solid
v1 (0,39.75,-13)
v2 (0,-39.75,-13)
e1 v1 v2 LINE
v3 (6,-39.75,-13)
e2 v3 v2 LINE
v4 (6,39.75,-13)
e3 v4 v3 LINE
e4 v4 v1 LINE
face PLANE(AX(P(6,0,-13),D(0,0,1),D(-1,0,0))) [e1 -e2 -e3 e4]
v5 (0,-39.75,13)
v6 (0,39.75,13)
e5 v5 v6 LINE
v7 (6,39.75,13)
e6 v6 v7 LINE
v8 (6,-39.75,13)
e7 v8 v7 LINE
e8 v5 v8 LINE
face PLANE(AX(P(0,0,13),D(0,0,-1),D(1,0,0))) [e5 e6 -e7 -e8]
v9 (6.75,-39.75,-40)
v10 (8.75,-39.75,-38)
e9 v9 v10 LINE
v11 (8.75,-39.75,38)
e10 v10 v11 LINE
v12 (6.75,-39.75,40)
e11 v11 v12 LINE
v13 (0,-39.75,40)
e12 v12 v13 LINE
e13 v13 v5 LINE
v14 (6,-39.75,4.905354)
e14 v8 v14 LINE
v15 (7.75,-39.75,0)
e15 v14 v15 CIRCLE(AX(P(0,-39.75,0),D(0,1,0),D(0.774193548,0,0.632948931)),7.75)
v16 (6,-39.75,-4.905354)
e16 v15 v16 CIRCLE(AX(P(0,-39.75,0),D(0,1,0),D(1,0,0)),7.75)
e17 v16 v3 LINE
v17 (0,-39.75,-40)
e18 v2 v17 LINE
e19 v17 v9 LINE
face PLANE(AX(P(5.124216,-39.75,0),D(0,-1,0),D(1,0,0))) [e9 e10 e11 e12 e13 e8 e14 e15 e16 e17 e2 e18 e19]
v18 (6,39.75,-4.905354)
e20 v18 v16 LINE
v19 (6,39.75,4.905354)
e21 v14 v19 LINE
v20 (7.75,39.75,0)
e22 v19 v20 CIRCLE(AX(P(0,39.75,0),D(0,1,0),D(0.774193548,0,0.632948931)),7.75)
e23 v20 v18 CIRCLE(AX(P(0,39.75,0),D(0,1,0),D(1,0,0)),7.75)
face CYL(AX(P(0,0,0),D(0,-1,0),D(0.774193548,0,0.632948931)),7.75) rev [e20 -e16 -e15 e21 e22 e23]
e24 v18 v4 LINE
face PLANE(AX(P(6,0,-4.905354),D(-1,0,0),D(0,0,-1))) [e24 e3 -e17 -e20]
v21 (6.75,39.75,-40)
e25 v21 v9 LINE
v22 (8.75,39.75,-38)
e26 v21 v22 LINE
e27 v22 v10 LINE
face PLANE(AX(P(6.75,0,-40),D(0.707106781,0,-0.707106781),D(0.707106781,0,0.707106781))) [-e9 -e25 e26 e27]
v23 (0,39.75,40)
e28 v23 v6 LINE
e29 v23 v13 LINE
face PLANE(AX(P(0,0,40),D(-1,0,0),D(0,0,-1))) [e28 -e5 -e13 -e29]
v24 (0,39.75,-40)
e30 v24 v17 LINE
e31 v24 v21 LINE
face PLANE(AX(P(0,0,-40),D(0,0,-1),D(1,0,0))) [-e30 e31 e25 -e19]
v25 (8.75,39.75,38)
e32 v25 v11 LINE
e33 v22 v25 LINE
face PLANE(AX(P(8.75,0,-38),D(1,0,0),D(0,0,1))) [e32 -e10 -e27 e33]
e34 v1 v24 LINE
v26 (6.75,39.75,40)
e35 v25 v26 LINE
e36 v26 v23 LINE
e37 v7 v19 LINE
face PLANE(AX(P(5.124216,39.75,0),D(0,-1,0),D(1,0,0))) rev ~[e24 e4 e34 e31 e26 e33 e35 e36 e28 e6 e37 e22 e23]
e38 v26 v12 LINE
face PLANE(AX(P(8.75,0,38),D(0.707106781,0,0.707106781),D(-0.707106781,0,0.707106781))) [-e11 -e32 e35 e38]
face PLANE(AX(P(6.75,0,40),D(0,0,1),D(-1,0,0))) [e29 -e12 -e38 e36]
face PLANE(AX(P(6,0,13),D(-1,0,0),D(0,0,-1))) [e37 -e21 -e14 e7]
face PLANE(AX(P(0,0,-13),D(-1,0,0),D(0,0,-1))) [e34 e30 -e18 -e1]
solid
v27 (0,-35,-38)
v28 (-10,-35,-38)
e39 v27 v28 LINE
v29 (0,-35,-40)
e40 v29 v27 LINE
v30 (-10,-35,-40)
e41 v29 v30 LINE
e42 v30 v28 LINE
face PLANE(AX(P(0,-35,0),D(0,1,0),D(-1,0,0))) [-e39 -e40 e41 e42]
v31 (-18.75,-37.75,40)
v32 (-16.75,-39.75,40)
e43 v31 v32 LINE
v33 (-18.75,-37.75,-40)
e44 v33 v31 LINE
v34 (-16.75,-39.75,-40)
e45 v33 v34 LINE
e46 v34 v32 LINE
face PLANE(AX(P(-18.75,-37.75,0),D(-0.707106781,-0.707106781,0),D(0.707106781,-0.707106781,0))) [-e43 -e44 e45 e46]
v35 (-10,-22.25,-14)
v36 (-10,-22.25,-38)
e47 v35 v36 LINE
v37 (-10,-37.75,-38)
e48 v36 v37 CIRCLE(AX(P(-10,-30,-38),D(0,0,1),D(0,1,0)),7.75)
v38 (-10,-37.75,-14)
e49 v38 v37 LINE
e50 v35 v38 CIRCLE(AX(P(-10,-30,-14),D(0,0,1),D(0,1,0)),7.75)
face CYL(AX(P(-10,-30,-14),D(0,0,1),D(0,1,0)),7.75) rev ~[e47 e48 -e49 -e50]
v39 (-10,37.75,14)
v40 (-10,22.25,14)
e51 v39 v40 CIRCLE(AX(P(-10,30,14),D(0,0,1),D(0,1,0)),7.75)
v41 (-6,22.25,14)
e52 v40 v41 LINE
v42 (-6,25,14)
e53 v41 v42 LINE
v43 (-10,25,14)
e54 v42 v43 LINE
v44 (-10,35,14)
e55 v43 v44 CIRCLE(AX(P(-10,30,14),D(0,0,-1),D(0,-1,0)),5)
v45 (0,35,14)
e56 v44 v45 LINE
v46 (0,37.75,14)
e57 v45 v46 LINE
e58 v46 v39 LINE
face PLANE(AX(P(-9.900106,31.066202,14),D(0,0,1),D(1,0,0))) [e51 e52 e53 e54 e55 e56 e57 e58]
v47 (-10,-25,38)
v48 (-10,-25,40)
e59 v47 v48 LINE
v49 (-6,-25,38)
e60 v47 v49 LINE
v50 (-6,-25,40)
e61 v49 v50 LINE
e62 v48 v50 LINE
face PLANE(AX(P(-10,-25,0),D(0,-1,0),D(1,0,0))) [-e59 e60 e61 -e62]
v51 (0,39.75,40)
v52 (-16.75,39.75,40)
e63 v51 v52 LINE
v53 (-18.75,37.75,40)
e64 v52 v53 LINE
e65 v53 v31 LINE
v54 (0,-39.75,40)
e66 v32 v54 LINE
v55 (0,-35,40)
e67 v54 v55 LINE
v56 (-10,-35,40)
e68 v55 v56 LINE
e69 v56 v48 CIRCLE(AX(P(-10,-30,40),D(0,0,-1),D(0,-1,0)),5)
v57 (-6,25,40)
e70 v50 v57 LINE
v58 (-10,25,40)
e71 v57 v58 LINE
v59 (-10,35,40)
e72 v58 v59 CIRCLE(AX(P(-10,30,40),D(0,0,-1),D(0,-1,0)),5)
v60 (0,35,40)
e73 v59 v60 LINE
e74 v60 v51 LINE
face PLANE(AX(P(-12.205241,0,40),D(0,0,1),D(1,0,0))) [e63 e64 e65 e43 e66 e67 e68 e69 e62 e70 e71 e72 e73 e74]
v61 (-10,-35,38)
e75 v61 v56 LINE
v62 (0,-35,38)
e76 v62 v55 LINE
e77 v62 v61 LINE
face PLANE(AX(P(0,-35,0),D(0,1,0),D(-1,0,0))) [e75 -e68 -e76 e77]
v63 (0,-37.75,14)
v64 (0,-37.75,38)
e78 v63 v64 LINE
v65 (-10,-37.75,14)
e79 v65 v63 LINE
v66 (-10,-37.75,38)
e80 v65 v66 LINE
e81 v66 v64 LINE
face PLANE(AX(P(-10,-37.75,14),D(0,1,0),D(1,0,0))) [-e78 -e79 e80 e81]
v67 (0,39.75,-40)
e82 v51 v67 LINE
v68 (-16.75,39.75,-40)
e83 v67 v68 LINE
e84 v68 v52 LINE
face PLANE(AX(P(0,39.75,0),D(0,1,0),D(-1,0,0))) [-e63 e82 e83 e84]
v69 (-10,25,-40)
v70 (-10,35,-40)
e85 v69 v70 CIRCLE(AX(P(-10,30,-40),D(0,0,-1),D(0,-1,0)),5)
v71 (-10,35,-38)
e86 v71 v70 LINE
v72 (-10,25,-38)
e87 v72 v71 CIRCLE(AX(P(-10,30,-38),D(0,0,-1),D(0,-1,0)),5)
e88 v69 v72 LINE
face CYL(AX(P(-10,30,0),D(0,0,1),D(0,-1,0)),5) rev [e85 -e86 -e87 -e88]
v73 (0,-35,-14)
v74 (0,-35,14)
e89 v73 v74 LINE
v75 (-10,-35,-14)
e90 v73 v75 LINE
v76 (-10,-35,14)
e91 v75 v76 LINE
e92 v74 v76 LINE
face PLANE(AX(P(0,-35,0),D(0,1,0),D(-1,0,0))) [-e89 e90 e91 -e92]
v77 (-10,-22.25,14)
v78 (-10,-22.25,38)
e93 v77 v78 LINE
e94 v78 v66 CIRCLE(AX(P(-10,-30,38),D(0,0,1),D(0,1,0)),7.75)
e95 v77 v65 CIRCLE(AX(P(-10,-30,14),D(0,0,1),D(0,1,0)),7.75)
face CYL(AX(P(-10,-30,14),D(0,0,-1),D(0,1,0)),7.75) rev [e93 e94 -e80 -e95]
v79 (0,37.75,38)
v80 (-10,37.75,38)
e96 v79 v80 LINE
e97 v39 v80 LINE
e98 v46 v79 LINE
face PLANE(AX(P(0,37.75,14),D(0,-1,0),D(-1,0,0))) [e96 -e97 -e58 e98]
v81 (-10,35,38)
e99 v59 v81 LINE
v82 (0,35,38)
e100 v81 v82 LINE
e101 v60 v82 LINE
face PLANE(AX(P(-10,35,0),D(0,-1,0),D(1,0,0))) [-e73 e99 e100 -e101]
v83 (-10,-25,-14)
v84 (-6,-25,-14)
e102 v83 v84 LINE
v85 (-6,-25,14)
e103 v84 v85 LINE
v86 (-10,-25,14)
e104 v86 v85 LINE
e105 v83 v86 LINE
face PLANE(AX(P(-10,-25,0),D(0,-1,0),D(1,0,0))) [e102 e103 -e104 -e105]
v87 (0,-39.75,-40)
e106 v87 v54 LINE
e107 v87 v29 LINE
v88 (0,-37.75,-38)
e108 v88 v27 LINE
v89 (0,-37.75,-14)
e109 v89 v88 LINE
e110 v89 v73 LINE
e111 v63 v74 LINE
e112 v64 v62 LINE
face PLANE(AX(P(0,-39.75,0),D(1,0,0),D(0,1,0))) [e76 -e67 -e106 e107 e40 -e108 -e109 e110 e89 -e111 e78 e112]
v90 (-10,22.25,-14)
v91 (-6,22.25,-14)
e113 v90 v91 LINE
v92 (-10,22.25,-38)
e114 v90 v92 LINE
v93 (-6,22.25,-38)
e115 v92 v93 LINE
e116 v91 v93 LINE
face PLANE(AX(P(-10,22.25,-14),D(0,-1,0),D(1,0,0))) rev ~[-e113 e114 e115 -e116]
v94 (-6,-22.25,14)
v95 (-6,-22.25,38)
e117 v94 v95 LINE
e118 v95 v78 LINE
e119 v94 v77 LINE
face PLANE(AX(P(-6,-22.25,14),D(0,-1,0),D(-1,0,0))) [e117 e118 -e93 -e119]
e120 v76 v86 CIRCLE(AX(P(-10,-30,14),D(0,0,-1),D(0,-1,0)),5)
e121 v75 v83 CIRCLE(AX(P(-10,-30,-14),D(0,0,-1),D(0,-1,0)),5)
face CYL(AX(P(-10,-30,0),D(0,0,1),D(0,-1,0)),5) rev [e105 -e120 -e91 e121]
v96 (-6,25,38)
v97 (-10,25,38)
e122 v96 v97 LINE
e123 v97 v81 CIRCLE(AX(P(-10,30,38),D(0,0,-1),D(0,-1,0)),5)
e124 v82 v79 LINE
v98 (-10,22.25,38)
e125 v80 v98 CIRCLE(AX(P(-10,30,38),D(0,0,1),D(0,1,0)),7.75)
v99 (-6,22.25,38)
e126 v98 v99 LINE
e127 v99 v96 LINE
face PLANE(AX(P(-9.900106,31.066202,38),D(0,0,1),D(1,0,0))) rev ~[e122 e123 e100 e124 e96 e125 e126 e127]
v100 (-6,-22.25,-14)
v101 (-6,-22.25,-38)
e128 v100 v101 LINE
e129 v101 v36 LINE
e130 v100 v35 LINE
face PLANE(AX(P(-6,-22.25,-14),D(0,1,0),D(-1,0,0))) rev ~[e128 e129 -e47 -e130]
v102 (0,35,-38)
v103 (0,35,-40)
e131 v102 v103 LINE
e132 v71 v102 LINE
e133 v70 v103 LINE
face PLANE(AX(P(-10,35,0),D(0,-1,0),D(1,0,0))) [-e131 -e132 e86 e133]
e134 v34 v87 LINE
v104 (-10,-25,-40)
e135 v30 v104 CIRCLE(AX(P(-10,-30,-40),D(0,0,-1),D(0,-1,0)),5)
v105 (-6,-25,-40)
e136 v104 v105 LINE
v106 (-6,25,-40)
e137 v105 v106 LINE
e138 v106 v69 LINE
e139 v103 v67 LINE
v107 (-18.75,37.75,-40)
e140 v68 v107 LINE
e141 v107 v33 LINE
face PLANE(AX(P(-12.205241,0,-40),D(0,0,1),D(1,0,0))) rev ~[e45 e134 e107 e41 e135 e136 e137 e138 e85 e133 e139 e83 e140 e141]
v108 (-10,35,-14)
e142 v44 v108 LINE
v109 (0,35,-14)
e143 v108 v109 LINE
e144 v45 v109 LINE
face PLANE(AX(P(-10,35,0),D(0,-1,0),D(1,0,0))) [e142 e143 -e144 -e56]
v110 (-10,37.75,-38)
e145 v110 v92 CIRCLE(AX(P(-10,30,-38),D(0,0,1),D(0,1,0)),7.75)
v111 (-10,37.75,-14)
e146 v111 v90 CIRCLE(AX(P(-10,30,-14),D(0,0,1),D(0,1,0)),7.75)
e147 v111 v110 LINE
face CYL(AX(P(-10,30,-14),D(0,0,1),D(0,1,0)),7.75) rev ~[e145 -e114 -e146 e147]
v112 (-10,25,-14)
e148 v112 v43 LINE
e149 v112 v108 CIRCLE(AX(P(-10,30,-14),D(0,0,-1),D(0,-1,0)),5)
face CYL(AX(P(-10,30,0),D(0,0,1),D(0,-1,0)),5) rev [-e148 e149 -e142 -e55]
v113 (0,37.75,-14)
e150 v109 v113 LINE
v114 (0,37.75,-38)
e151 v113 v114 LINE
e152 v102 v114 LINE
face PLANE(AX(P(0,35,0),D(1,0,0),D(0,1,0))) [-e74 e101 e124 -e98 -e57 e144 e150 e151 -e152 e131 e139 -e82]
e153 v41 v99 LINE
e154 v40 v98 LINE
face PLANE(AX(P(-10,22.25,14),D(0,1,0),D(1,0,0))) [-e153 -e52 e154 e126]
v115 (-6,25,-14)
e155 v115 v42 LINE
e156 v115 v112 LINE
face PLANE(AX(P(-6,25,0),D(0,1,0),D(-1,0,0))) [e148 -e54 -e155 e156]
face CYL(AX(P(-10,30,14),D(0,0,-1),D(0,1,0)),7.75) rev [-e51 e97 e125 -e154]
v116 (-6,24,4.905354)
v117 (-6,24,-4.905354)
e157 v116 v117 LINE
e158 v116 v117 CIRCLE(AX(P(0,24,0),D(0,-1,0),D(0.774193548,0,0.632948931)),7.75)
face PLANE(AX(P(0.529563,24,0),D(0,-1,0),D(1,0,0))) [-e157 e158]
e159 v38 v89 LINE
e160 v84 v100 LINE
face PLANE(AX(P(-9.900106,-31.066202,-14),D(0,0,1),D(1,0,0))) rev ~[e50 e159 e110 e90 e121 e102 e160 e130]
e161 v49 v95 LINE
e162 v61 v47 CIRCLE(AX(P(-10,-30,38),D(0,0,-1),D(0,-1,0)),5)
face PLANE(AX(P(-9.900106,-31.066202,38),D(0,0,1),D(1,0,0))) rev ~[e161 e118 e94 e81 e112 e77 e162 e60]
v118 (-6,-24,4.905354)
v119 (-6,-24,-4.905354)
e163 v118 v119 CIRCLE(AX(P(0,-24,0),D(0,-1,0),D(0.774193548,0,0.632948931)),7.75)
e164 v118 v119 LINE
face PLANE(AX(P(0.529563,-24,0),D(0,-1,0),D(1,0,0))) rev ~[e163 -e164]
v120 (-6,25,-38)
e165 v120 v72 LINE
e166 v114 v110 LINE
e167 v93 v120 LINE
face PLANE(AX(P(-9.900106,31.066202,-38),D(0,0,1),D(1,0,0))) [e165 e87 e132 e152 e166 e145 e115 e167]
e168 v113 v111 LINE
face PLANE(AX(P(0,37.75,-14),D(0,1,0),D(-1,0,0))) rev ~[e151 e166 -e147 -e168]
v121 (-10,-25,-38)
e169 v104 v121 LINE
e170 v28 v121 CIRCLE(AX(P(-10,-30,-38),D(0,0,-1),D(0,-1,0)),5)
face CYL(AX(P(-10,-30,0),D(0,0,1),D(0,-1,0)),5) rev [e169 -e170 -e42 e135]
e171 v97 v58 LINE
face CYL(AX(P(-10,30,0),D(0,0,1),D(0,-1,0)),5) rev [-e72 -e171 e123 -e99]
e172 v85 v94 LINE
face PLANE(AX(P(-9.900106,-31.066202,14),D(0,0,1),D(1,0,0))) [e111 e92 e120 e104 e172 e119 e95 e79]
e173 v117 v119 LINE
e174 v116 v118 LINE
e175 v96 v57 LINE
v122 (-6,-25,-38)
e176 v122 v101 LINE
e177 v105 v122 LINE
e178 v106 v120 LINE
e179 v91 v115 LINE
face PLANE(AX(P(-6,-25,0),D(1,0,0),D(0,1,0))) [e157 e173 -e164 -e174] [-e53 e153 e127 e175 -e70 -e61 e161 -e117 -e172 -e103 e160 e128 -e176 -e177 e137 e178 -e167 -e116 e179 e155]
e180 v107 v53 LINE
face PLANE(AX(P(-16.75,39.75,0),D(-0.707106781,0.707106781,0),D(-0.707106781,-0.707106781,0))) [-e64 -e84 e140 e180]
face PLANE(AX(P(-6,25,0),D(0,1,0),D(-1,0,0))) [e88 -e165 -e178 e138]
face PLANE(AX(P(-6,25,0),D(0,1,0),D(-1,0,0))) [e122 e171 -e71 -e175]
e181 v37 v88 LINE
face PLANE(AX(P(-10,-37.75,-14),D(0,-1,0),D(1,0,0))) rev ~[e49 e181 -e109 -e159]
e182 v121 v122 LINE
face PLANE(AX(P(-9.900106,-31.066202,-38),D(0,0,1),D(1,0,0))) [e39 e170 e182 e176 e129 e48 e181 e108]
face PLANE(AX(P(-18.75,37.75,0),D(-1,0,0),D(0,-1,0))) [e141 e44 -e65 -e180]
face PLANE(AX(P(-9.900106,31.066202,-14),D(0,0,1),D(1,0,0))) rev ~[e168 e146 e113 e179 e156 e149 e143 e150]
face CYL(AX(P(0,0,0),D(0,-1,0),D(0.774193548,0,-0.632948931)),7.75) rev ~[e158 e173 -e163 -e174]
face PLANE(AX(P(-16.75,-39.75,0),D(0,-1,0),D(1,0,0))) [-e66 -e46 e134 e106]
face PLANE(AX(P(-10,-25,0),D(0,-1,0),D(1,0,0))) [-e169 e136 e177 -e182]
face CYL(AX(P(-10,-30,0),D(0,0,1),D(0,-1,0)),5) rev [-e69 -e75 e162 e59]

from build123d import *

# Parameters (mm, degrees)
F2_DEPTH = 40
F3_START = 14
F3_DEPTH = 24
F4_START = -14
F4_DEPTH = 24
F6_DEPTH = 24
F7_DEPTH = 39.75


with BuildPart() as f2:
    # F1 (on Top) → F2 (new body, symmetric)
    with BuildSketch(Plane.XY):
        with BuildLine():
            ThreePointArc((-10, 22.25), (-17.75, 30), (-10, 37.75))
            Line((-10, 37.75), (0, 37.75))
            Line((0, 37.75), (0, 39.75))
            Line((0, 39.75), (-10, 39.75))
            Line((-10, 39.75), (-16.75, 39.75))
            Line((-16.75, 39.75), (-18.75, 37.75))
            Line((-18.75, 37.75), (-18.75, -37.75))
            Line((-18.75, -37.75), (-16.75, -39.75))
            Line((-16.75, -39.75), (-10, -39.75))
            Line((-10, -39.75), (0, -39.75))
            Line((0, -39.75), (0, -37.75))
            Line((0, -37.75), (-10, -37.75))
            ThreePointArc((-10, -37.75), (-17.75, -30), (-10, -22.25))
            Line((-10, -22.25), (-6, -22.25))
            Line((-6, -22.25), (-6, 22.25))
            Line((-6, 22.25), (-10, 22.25))
        make_face()
        with BuildLine():
            Line((0, 37.75), (-10, 37.75))
            ThreePointArc((-10, 37.75), (-17.75, 30), (-10, 22.25))
            Line((-10, 22.25), (-6, 22.25))
            Line((-6, 22.25), (-6, 25))
            Line((-6, 25), (-10, 25))
            ThreePointArc((-10, 25), (-15, 30), (-10, 35))
            Line((-10, 35), (0, 35))
            Line((0, 35), (0, 37.75))
        make_face()
        with BuildLine():
            Line((-6, -25), (-6, -22.25))
            Line((-6, -22.25), (-10, -22.25))
            ThreePointArc((-10, -22.25), (-17.75, -30), (-10, -37.75))
            Line((-10, -37.75), (0, -37.75))
            Line((0, -37.75), (0, -35))
            Line((0, -35), (-10, -35))
            ThreePointArc((-10, -35), (-15, -30), (-10, -25))
            Line((-10, -25), (-6, -25))
        make_face()
    extrude(amount=F2_DEPTH, both=True)

    # F1 (on Top) → F3 (cut)
    with BuildSketch(Plane.XY.offset(F3_START)):
        with BuildLine():
            Line((0, 37.75), (-10, 37.75))
            ThreePointArc((-10, 37.75), (-17.75, 30), (-10, 22.25))
            Line((-10, 22.25), (-6, 22.25))
            Line((-6, 22.25), (-6, 25))
            Line((-6, 25), (-10, 25))
            ThreePointArc((-10, 25), (-15, 30), (-10, 35))
            Line((-10, 35), (0, 35))
            Line((0, 35), (0, 37.75))
        make_face()
        with BuildLine():
            Line((-6, -25), (-6, -22.25))
            Line((-6, -22.25), (-10, -22.25))
            ThreePointArc((-10, -22.25), (-17.75, -30), (-10, -37.75))
            Line((-10, -37.75), (0, -37.75))
            Line((0, -37.75), (0, -35))
            Line((0, -35), (-10, -35))
            ThreePointArc((-10, -35), (-15, -30), (-10, -25))
            Line((-10, -25), (-6, -25))
        make_face()
    extrude(amount=F3_DEPTH, mode=Mode.SUBTRACT)

    # F1 (on Top) → F4 (cut)
    with BuildSketch(Plane.XY.offset(F4_START)):
        with BuildLine():
            Line((-6, -25), (-6, -22.25))
            Line((-6, -22.25), (-10, -22.25))
            ThreePointArc((-10, -22.25), (-17.75, -30), (-10, -37.75))
            Line((-10, -37.75), (0, -37.75))
            Line((0, -37.75), (0, -35))
            Line((0, -35), (-10, -35))
            ThreePointArc((-10, -35), (-15, -30), (-10, -25))
            Line((-10, -25), (-6, -25))
        make_face()
        with BuildLine():
            Line((0, 37.75), (-10, 37.75))
            ThreePointArc((-10, 37.75), (-17.75, 30), (-10, 22.25))
            Line((-10, 22.25), (-6, 22.25))
            Line((-6, 22.25), (-6, 25))
            Line((-6, 25), (-10, 25))
            ThreePointArc((-10, 25), (-15, 30), (-10, 35))
            Line((-10, 35), (0, 35))
            Line((0, 35), (0, 37.75))
        make_face()
    extrude(amount=-F4_DEPTH, mode=Mode.SUBTRACT)

    # F5 (on Front) → F6 (cut, symmetric)
    with BuildSketch(Plane.XZ):
        with BuildLine():
            ThreePointArc((6, -4.9053542176), (7.2994006603, -2.604083332), (7.75, 0))
            ThreePointArc((7.75, 0), (7.2994006603, 2.604083332), (6, 4.9053542176))
            ThreePointArc((6, 4.9053542176), (-7.75, 0), (6, -4.9053542176))
        make_face()
    extrude(amount=F6_DEPTH, both=True, mode=Mode.SUBTRACT)


with BuildPart() as f7:
    # F5 (on Front) → F7 (new body, symmetric)
    with BuildSketch(Plane.XZ):
        with BuildLine():
            ThreePointArc((6, 4.9053542176), (7.2994006603, 2.604083332), (7.75, 0))
            ThreePointArc((7.75, 0), (7.2994006603, -2.604083332), (6, -4.9053542176))
            Line((6, -4.9053542176), (6, -13))
            Line((6, -13), (0, -13))
            Line((0, -13), (0, -40))
            Line((0, -40), (6.75, -40))
            Line((6.75, -40), (8.75, -38))
            Line((8.75, -38), (8.75, 38))
            Line((8.75, 38), (6.75, 40))
            Line((6.75, 40), (0, 40))
            Line((0, 40), (0, 13))
            Line((0, 13), (6, 13))
            Line((6, 13), (6, 4.9053542176))
        make_face()
    extrude(amount=F7_DEPTH, both=True)


solid = Compound([f2.part, f7.part])
